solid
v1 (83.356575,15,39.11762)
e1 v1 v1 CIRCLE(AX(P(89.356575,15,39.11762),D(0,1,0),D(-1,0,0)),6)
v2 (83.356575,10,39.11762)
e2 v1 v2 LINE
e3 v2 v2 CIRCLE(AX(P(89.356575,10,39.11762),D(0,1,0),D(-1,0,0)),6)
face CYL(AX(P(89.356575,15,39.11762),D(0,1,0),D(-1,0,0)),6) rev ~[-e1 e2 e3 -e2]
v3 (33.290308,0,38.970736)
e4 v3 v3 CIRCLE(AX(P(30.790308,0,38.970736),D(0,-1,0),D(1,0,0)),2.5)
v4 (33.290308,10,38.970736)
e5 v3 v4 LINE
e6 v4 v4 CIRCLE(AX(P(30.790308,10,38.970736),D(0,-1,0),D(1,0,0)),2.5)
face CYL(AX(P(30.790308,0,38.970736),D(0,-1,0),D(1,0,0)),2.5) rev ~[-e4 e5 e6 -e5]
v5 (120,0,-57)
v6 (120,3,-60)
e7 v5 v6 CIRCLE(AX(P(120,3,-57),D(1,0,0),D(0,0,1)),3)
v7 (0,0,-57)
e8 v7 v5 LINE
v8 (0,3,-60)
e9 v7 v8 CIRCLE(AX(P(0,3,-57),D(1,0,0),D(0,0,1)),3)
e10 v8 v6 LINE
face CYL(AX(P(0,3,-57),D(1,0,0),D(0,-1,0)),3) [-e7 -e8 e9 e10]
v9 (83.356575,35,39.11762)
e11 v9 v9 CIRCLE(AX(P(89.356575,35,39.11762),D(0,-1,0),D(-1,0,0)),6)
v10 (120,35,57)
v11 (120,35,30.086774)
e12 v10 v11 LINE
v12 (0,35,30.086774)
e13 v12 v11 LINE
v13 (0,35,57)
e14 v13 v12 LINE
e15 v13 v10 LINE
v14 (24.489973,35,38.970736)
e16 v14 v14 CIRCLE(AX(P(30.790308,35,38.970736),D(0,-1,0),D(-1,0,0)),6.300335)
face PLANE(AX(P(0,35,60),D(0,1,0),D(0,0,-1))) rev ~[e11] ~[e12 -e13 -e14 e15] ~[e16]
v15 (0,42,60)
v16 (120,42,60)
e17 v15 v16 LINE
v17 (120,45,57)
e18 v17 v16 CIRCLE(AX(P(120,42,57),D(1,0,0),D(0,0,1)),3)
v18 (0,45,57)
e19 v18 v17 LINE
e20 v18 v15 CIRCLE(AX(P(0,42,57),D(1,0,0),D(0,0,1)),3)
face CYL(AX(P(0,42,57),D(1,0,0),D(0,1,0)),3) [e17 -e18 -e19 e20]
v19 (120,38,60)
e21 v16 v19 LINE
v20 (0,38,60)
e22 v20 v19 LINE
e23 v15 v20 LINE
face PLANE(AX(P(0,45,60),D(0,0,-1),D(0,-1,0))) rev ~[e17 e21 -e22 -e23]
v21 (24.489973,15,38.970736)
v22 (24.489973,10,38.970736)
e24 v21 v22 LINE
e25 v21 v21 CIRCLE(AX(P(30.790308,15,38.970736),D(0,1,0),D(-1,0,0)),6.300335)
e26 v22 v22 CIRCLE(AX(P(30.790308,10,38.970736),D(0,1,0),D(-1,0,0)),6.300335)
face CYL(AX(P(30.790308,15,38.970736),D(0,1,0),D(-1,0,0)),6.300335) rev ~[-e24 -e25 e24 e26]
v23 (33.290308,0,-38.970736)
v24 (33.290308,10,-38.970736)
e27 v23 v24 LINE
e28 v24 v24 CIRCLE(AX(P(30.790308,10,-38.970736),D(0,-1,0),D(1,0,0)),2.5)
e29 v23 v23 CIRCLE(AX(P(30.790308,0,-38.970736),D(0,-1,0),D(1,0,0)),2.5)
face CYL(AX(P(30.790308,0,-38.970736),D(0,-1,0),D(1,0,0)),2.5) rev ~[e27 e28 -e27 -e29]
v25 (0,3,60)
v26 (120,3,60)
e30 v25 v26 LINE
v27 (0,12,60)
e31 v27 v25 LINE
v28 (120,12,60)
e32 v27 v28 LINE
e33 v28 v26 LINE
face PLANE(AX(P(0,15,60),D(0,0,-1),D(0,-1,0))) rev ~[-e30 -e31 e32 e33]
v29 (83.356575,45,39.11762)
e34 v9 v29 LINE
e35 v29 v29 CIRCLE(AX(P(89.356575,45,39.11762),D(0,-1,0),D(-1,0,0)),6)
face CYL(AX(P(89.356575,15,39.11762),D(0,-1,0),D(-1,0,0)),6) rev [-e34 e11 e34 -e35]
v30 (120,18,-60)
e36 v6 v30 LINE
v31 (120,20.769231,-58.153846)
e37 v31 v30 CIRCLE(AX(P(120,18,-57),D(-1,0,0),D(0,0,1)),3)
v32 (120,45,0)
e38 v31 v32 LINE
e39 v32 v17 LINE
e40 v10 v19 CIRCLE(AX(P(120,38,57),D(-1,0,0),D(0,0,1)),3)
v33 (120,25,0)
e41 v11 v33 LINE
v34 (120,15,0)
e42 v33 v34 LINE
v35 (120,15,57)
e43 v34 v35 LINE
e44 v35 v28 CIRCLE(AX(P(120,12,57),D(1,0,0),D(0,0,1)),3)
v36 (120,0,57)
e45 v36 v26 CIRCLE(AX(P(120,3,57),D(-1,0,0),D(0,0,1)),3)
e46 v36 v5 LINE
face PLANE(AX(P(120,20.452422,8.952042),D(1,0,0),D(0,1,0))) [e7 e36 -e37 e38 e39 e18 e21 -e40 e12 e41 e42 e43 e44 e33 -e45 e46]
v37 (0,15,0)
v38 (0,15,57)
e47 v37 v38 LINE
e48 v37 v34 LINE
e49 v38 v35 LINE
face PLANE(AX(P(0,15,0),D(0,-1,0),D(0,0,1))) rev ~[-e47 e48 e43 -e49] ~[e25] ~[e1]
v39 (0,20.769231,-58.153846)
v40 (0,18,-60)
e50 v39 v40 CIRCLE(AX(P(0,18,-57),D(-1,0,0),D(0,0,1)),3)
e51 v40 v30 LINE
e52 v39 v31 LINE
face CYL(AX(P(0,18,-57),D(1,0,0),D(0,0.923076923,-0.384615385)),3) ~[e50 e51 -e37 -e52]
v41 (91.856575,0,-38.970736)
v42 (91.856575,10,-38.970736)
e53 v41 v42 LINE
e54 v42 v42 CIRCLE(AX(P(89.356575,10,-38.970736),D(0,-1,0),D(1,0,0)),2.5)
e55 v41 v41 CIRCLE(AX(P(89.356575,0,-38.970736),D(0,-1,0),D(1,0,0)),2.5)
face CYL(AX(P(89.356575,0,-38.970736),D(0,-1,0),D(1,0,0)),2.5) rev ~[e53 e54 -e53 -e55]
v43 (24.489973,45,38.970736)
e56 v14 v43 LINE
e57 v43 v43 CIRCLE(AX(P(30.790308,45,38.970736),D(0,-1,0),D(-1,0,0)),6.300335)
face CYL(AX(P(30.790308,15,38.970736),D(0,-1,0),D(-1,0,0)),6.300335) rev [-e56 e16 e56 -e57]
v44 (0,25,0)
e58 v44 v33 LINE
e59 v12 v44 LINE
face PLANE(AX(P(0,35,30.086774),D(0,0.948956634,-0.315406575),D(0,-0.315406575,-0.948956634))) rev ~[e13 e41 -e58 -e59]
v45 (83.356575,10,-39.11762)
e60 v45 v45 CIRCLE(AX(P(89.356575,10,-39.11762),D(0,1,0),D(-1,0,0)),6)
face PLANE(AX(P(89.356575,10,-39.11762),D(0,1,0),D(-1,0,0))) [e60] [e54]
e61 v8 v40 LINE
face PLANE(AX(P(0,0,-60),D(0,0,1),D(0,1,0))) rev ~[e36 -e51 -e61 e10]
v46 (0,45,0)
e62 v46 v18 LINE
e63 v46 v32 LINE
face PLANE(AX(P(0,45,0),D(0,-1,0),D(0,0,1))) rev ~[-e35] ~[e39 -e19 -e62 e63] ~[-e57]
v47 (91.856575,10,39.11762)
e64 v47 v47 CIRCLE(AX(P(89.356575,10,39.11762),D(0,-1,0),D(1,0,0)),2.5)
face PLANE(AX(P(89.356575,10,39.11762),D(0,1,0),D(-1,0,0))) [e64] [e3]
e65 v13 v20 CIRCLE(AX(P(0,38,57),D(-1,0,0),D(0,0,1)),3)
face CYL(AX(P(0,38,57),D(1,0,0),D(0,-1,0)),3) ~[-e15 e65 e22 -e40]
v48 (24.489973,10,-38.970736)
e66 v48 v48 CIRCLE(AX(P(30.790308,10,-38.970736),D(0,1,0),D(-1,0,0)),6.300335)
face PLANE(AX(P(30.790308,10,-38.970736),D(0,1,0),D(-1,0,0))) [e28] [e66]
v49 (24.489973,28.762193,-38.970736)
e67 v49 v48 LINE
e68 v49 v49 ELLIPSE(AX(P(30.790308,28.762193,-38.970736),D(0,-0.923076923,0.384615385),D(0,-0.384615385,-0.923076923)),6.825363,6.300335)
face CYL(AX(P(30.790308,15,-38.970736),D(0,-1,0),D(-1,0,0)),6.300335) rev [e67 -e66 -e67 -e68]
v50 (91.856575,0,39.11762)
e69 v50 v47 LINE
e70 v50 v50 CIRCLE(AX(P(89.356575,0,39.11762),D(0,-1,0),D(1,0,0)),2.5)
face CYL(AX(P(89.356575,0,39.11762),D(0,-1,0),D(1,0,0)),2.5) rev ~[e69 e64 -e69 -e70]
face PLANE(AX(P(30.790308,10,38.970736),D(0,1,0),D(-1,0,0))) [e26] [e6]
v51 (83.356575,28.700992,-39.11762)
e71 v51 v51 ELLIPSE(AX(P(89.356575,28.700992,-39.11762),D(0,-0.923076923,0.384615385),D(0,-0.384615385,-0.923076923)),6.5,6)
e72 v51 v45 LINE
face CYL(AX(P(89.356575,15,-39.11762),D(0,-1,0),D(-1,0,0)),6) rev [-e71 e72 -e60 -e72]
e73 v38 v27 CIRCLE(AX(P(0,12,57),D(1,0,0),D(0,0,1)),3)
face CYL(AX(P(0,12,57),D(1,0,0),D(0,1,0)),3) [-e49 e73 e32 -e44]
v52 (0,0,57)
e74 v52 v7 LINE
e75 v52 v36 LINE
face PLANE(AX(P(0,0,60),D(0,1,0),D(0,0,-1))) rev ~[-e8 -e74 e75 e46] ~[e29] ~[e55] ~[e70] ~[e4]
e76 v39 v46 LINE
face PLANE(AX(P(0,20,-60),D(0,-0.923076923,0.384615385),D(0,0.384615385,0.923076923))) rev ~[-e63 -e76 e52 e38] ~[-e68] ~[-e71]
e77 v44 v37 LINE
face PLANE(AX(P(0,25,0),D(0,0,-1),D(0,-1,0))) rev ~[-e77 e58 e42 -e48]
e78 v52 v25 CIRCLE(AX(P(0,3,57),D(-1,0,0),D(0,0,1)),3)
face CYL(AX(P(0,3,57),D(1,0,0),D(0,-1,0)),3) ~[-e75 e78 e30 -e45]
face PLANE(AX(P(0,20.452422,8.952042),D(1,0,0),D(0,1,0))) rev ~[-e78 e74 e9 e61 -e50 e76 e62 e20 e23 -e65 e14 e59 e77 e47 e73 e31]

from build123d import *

# Parameters (mm, degrees)
F1_DEPTH = 120
F2_R     = 2.5
F3_DEPTH = 45.001
F4_R     = 6
F4_R_2   = 6.300335
F5_DEPTH = 50.546
F6_DEPTH = 5
F7_R     = 3


with BuildPart() as f1:
    # F0 (on Right) → F1 (new body)
    with BuildSketch(Plane.YZ):
        Polygon((0, 60), (0, 0), (0, -60), (20, -60), (45, 0), (45, 60), (35, 60), (35, 30.086774), (25, 0), (15, 0), (15, 60), align=None)
    extrude(amount=F1_DEPTH)

    # F2 (on face) → F3 (cut, through all)
    with BuildSketch(Plane.XZ):
        with Locations((89.356575, 39.11762)):
            Circle(F2_R)
        with Locations((30.790308, 38.970736)):
            Circle(F2_R)
        with Locations((30.790308, -38.970736)):
            Circle(F2_R)
        with Locations((89.356575, -38.970736)):
            Circle(F2_R)
    extrude(amount=-F3_DEPTH, mode=Mode.SUBTRACT)

    # F4 (on face) → F5 (cut)
    with BuildSketch(Plane(origin=(0, 15, 0), x_dir=(-1, 0, 0), z_dir=(0, 1, 0))):
        with Locations((-89.356575, 39.11762)):
            Circle(F4_R)
        with Locations((-30.790308, 38.970736)):
            Circle(F4_R_2)
        with Locations((-89.356575, -39.11762)):
            Circle(F4_R)
        with Locations((-30.790308, -38.970736)):
            Circle(F4_R_2)
    extrude(amount=F5_DEPTH, mode=Mode.SUBTRACT)

    # F4 (on face) → F6 (cut)
    with BuildSketch(Plane(origin=(0, 15, 0), x_dir=(-1, 0, 0), z_dir=(0, 1, 0))):
        with Locations((-89.356575, 39.11762)):
            Circle(F4_R)
        with Locations((-30.790308, 38.970736)):
            Circle(F4_R_2)
        with Locations((-89.356575, -39.11762)):
            Circle(F4_R)
        with Locations((-30.790308, -38.970736)):
            Circle(F4_R_2)
    extrude(amount=-F6_DEPTH, mode=Mode.SUBTRACT)

    # F7
    f7_edges = [f1.edges().sort_by_distance(p)[0] for p in [
        (60, 0, 60),
        (60, 15, 60),
        (60, 35, 60),
        (60, 45, 60),
        (60, 0, -60),
        (60, 20, -60),
    ]]
    fillet(f7_edges, radius=F7_R)


solid = f1.part
